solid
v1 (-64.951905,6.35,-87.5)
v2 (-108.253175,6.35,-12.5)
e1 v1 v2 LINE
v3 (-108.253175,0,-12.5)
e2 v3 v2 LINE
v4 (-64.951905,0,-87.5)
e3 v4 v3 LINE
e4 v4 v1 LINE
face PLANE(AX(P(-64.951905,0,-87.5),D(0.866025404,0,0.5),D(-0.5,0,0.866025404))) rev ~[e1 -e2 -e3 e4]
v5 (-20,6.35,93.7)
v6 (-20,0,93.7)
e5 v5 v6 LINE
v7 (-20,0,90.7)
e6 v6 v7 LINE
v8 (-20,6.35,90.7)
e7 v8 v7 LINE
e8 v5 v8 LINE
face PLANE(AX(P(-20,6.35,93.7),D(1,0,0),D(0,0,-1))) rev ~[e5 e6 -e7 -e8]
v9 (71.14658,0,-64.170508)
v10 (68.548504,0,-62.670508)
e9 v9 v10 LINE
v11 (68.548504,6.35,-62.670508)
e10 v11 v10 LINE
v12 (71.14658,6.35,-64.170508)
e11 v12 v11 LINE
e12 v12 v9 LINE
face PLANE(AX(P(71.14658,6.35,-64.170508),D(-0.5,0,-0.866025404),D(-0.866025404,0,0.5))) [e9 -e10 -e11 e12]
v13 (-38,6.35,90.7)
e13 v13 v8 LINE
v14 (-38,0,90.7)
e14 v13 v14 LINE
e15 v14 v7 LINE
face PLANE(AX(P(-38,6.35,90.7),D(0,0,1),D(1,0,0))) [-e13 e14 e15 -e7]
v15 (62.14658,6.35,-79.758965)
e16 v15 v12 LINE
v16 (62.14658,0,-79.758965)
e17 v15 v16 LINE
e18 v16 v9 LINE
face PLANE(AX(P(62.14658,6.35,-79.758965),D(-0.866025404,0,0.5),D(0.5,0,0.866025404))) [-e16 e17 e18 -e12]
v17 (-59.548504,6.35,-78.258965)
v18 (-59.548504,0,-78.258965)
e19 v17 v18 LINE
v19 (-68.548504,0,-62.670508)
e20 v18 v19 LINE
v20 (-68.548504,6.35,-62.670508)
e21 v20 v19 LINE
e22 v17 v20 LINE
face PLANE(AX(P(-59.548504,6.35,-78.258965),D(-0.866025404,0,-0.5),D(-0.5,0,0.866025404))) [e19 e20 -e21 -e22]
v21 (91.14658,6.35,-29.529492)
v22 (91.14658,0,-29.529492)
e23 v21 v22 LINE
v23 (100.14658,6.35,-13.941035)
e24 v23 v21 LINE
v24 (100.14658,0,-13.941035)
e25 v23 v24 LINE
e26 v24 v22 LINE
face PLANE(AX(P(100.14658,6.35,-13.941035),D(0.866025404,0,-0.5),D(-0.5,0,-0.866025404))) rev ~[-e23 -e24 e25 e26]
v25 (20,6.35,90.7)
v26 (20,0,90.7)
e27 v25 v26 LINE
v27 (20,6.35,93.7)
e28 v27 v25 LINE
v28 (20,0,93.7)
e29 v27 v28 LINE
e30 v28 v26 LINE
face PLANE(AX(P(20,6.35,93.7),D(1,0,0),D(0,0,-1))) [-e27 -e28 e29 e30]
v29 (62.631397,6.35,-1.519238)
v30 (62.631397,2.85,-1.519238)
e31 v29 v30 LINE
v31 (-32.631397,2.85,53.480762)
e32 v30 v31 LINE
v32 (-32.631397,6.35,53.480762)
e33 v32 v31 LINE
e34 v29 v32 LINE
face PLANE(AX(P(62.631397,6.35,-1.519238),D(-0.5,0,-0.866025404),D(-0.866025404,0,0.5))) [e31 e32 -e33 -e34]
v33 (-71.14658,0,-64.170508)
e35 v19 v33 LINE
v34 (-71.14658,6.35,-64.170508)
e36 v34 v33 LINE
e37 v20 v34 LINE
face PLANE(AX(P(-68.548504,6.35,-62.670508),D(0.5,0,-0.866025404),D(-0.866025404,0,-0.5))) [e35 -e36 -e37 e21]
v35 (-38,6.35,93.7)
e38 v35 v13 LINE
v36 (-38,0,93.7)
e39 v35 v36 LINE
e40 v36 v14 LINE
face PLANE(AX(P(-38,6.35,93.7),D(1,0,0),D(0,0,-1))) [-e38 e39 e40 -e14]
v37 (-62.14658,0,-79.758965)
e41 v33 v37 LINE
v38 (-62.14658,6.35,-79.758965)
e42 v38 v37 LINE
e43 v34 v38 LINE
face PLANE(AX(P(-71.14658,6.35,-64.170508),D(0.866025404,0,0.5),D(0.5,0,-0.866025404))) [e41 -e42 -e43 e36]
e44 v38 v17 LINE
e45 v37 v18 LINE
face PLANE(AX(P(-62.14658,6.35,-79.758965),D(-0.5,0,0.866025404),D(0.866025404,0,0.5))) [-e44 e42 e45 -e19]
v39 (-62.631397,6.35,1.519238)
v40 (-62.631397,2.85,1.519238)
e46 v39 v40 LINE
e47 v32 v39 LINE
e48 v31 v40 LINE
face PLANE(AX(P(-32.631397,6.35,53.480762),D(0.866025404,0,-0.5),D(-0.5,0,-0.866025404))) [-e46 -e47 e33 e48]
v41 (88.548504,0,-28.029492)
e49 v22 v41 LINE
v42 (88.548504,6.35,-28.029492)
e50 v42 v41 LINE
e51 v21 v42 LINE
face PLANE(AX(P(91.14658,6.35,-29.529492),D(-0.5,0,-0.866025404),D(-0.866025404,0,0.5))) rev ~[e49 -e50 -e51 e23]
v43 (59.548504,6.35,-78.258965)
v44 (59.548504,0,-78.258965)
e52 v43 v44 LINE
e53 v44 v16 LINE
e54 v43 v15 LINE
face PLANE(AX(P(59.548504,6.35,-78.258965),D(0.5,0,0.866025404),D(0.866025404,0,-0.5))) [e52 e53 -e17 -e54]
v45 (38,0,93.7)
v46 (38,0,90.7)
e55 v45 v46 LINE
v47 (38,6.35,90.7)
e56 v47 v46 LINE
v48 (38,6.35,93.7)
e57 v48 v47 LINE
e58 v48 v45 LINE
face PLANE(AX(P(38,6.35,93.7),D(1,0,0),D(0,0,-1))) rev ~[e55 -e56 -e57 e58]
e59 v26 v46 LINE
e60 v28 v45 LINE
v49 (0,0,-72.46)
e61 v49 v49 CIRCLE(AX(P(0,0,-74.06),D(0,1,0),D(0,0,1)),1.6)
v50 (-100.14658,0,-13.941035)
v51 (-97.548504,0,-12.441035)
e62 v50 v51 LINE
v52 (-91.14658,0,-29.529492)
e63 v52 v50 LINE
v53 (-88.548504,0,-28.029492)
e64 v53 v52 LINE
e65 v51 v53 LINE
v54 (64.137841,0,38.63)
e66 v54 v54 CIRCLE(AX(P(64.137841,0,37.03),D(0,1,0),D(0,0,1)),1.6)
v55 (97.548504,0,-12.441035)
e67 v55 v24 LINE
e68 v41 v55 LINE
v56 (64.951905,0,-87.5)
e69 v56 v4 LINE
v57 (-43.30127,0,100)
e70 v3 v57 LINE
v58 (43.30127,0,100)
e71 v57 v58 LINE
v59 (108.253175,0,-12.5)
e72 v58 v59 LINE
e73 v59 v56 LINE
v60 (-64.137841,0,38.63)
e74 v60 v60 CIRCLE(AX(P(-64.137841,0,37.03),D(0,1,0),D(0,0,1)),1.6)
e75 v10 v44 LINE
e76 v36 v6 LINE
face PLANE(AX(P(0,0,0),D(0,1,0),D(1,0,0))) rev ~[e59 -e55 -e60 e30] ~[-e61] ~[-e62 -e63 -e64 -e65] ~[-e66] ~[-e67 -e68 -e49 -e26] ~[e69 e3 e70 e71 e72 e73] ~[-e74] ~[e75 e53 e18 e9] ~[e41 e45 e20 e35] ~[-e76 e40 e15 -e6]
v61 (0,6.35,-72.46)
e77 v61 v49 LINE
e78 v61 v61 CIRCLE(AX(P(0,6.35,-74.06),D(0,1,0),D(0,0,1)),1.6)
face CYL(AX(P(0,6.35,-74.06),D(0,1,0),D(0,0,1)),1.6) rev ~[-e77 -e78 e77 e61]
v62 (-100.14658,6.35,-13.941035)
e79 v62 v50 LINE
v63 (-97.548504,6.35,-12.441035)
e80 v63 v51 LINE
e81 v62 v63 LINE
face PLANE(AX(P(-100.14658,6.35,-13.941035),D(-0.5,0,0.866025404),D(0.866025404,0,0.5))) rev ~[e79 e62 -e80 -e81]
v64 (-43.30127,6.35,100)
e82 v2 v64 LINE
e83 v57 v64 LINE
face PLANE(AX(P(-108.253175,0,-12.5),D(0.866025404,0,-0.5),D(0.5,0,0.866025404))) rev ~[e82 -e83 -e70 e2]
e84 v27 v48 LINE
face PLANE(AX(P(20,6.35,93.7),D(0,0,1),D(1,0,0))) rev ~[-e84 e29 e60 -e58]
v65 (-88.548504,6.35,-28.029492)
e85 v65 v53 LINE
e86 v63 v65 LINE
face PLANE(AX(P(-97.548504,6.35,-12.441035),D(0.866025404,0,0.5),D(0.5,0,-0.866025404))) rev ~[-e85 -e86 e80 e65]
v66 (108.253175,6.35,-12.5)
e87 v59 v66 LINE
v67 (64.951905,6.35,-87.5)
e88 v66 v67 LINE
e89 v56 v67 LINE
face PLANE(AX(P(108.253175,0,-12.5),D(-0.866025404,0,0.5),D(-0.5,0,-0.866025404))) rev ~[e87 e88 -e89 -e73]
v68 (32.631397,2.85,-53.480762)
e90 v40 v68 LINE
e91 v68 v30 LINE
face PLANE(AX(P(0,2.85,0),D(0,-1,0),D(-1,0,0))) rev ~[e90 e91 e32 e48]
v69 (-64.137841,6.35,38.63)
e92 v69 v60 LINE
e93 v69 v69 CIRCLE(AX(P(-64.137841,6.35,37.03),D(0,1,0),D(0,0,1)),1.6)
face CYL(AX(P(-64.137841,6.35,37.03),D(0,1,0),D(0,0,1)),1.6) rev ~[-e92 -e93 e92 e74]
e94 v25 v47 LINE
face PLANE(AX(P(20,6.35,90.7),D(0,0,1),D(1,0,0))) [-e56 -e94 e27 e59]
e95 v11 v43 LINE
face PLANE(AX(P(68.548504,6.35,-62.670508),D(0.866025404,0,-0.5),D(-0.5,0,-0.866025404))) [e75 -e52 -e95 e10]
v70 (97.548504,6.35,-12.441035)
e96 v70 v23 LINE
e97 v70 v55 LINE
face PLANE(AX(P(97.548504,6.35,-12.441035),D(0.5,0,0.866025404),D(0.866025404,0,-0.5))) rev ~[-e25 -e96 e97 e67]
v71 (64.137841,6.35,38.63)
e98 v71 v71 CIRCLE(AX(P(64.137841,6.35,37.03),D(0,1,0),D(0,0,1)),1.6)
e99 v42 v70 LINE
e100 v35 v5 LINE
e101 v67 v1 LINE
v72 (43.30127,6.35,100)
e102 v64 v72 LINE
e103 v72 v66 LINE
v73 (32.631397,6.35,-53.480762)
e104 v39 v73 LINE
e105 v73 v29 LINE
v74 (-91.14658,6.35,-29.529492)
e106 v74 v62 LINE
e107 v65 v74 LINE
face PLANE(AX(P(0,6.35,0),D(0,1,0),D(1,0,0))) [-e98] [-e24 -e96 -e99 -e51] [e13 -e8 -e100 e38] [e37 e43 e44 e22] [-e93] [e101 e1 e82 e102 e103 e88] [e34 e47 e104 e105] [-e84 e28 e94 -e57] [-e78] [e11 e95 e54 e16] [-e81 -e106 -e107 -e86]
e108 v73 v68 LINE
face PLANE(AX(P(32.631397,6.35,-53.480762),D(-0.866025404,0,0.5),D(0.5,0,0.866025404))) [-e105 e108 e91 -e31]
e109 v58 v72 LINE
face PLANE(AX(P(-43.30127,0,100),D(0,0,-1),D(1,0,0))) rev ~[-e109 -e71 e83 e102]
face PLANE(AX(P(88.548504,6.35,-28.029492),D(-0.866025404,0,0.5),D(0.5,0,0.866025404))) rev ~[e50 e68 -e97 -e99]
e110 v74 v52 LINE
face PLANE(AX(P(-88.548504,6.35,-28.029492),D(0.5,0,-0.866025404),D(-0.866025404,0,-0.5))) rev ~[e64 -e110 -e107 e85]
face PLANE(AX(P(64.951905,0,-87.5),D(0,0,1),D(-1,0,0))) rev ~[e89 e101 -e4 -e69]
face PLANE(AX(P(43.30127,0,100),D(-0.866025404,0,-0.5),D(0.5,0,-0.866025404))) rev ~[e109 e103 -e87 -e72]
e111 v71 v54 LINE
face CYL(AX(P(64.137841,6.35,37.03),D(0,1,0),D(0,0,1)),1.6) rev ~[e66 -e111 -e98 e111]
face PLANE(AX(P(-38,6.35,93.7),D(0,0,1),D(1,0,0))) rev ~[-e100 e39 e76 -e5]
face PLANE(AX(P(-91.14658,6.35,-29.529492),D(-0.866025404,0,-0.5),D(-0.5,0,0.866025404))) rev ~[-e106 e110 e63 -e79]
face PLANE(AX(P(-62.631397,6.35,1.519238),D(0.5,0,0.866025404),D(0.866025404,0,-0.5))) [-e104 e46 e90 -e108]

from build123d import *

# Parameters (mm, degrees)
BOSS_EXTRUDE1_DEPTH = 6.35
SKETCH2_W           = 18
SKETCH2_H           = 3
CUT_EXTRUDE1_DEPTH  = 148.509567486
CUT_EXTRUDE2_DEPTH  = 3.5
SKETCH8_R           = 1.6
CUT_EXTRUDE3_DEPTH  = 148.509567486


with BuildPart() as part:
    # Sketch1 → Boss-Extrude1 (new body)
    with BuildSketch(Plane(origin=(0, 0, 0), x_dir=(1, 0, 0), z_dir=(0, 1, 0))):
        Polygon((64.951905284, 87.5), (-64.951905284, 87.5), (-108.253175473, 12.5), (-43.301270189, -100), (43.301270189, -100), (108.253175473, 12.5), align=None)
    extrude(amount=BOSS_EXTRUDE1_DEPTH)

    # Sketch2 → Cut-Extrude1 (cut, through all)
    with BuildSketch(Plane(origin=(0, 6.35, 0), x_dir=(1, 0, 0), z_dir=(0, 1, 0))):
        with Locations((-29, -92.2)):
            Rectangle(SKETCH2_W, SKETCH2_H)
        with Locations((29, -92.2)):
            Rectangle(SKETCH2_W, SKETCH2_H)
        Polygon((-62.146580335, 79.758965344), (-59.548504123, 78.258965344), (-68.548504123, 62.670508076), (-71.146580335, 64.170508076), align=None)
        Polygon((-97.548504123, 12.441034656), (-88.548504123, 28.029491924), (-91.146580335, 29.529491924), (-100.146580335, 13.941034656), align=None)
        Polygon((100.146580335, 13.941034656), (91.146580335, 29.529491924), (88.548504123, 28.029491924), (97.548504123, 12.441034656), align=None)
        Polygon((59.548504123, 78.258965344), (62.146580335, 79.758965344), (71.146580335, 64.170508076), (68.548504123, 62.670508076), align=None)
    extrude(amount=-CUT_EXTRUDE1_DEPTH, mode=Mode.SUBTRACT)

    # Sketch4 → Cut-Extrude2 (cut)
    with BuildSketch(Plane(origin=(0, 6.35, 0), x_dir=(1, 0, 0), z_dir=(0, 1, 0))):
        Polygon((-62.631397208, -1.519237886), (32.631397208, 53.480762114), (62.631397208, 1.519237886), (-32.631397208, -53.480762114), align=None)
    extrude(amount=-CUT_EXTRUDE2_DEPTH, mode=Mode.SUBTRACT)

    # Sketch8 → Cut-Extrude3 (cut, through all)
    with BuildSketch(Plane(origin=(0, 6.35, 0), x_dir=(1, 0, 0), z_dir=(0, 1, 0))):
        with Locations((-64.137841404, -37.03)):
            Circle(SKETCH8_R)
        with Locations((64.137841404, -37.03)):
            Circle(SKETCH8_R)
        with Locations((0, 74.06)):
            Circle(SKETCH8_R)
    extrude(amount=-CUT_EXTRUDE3_DEPTH, mode=Mode.SUBTRACT)


solid = part.part
